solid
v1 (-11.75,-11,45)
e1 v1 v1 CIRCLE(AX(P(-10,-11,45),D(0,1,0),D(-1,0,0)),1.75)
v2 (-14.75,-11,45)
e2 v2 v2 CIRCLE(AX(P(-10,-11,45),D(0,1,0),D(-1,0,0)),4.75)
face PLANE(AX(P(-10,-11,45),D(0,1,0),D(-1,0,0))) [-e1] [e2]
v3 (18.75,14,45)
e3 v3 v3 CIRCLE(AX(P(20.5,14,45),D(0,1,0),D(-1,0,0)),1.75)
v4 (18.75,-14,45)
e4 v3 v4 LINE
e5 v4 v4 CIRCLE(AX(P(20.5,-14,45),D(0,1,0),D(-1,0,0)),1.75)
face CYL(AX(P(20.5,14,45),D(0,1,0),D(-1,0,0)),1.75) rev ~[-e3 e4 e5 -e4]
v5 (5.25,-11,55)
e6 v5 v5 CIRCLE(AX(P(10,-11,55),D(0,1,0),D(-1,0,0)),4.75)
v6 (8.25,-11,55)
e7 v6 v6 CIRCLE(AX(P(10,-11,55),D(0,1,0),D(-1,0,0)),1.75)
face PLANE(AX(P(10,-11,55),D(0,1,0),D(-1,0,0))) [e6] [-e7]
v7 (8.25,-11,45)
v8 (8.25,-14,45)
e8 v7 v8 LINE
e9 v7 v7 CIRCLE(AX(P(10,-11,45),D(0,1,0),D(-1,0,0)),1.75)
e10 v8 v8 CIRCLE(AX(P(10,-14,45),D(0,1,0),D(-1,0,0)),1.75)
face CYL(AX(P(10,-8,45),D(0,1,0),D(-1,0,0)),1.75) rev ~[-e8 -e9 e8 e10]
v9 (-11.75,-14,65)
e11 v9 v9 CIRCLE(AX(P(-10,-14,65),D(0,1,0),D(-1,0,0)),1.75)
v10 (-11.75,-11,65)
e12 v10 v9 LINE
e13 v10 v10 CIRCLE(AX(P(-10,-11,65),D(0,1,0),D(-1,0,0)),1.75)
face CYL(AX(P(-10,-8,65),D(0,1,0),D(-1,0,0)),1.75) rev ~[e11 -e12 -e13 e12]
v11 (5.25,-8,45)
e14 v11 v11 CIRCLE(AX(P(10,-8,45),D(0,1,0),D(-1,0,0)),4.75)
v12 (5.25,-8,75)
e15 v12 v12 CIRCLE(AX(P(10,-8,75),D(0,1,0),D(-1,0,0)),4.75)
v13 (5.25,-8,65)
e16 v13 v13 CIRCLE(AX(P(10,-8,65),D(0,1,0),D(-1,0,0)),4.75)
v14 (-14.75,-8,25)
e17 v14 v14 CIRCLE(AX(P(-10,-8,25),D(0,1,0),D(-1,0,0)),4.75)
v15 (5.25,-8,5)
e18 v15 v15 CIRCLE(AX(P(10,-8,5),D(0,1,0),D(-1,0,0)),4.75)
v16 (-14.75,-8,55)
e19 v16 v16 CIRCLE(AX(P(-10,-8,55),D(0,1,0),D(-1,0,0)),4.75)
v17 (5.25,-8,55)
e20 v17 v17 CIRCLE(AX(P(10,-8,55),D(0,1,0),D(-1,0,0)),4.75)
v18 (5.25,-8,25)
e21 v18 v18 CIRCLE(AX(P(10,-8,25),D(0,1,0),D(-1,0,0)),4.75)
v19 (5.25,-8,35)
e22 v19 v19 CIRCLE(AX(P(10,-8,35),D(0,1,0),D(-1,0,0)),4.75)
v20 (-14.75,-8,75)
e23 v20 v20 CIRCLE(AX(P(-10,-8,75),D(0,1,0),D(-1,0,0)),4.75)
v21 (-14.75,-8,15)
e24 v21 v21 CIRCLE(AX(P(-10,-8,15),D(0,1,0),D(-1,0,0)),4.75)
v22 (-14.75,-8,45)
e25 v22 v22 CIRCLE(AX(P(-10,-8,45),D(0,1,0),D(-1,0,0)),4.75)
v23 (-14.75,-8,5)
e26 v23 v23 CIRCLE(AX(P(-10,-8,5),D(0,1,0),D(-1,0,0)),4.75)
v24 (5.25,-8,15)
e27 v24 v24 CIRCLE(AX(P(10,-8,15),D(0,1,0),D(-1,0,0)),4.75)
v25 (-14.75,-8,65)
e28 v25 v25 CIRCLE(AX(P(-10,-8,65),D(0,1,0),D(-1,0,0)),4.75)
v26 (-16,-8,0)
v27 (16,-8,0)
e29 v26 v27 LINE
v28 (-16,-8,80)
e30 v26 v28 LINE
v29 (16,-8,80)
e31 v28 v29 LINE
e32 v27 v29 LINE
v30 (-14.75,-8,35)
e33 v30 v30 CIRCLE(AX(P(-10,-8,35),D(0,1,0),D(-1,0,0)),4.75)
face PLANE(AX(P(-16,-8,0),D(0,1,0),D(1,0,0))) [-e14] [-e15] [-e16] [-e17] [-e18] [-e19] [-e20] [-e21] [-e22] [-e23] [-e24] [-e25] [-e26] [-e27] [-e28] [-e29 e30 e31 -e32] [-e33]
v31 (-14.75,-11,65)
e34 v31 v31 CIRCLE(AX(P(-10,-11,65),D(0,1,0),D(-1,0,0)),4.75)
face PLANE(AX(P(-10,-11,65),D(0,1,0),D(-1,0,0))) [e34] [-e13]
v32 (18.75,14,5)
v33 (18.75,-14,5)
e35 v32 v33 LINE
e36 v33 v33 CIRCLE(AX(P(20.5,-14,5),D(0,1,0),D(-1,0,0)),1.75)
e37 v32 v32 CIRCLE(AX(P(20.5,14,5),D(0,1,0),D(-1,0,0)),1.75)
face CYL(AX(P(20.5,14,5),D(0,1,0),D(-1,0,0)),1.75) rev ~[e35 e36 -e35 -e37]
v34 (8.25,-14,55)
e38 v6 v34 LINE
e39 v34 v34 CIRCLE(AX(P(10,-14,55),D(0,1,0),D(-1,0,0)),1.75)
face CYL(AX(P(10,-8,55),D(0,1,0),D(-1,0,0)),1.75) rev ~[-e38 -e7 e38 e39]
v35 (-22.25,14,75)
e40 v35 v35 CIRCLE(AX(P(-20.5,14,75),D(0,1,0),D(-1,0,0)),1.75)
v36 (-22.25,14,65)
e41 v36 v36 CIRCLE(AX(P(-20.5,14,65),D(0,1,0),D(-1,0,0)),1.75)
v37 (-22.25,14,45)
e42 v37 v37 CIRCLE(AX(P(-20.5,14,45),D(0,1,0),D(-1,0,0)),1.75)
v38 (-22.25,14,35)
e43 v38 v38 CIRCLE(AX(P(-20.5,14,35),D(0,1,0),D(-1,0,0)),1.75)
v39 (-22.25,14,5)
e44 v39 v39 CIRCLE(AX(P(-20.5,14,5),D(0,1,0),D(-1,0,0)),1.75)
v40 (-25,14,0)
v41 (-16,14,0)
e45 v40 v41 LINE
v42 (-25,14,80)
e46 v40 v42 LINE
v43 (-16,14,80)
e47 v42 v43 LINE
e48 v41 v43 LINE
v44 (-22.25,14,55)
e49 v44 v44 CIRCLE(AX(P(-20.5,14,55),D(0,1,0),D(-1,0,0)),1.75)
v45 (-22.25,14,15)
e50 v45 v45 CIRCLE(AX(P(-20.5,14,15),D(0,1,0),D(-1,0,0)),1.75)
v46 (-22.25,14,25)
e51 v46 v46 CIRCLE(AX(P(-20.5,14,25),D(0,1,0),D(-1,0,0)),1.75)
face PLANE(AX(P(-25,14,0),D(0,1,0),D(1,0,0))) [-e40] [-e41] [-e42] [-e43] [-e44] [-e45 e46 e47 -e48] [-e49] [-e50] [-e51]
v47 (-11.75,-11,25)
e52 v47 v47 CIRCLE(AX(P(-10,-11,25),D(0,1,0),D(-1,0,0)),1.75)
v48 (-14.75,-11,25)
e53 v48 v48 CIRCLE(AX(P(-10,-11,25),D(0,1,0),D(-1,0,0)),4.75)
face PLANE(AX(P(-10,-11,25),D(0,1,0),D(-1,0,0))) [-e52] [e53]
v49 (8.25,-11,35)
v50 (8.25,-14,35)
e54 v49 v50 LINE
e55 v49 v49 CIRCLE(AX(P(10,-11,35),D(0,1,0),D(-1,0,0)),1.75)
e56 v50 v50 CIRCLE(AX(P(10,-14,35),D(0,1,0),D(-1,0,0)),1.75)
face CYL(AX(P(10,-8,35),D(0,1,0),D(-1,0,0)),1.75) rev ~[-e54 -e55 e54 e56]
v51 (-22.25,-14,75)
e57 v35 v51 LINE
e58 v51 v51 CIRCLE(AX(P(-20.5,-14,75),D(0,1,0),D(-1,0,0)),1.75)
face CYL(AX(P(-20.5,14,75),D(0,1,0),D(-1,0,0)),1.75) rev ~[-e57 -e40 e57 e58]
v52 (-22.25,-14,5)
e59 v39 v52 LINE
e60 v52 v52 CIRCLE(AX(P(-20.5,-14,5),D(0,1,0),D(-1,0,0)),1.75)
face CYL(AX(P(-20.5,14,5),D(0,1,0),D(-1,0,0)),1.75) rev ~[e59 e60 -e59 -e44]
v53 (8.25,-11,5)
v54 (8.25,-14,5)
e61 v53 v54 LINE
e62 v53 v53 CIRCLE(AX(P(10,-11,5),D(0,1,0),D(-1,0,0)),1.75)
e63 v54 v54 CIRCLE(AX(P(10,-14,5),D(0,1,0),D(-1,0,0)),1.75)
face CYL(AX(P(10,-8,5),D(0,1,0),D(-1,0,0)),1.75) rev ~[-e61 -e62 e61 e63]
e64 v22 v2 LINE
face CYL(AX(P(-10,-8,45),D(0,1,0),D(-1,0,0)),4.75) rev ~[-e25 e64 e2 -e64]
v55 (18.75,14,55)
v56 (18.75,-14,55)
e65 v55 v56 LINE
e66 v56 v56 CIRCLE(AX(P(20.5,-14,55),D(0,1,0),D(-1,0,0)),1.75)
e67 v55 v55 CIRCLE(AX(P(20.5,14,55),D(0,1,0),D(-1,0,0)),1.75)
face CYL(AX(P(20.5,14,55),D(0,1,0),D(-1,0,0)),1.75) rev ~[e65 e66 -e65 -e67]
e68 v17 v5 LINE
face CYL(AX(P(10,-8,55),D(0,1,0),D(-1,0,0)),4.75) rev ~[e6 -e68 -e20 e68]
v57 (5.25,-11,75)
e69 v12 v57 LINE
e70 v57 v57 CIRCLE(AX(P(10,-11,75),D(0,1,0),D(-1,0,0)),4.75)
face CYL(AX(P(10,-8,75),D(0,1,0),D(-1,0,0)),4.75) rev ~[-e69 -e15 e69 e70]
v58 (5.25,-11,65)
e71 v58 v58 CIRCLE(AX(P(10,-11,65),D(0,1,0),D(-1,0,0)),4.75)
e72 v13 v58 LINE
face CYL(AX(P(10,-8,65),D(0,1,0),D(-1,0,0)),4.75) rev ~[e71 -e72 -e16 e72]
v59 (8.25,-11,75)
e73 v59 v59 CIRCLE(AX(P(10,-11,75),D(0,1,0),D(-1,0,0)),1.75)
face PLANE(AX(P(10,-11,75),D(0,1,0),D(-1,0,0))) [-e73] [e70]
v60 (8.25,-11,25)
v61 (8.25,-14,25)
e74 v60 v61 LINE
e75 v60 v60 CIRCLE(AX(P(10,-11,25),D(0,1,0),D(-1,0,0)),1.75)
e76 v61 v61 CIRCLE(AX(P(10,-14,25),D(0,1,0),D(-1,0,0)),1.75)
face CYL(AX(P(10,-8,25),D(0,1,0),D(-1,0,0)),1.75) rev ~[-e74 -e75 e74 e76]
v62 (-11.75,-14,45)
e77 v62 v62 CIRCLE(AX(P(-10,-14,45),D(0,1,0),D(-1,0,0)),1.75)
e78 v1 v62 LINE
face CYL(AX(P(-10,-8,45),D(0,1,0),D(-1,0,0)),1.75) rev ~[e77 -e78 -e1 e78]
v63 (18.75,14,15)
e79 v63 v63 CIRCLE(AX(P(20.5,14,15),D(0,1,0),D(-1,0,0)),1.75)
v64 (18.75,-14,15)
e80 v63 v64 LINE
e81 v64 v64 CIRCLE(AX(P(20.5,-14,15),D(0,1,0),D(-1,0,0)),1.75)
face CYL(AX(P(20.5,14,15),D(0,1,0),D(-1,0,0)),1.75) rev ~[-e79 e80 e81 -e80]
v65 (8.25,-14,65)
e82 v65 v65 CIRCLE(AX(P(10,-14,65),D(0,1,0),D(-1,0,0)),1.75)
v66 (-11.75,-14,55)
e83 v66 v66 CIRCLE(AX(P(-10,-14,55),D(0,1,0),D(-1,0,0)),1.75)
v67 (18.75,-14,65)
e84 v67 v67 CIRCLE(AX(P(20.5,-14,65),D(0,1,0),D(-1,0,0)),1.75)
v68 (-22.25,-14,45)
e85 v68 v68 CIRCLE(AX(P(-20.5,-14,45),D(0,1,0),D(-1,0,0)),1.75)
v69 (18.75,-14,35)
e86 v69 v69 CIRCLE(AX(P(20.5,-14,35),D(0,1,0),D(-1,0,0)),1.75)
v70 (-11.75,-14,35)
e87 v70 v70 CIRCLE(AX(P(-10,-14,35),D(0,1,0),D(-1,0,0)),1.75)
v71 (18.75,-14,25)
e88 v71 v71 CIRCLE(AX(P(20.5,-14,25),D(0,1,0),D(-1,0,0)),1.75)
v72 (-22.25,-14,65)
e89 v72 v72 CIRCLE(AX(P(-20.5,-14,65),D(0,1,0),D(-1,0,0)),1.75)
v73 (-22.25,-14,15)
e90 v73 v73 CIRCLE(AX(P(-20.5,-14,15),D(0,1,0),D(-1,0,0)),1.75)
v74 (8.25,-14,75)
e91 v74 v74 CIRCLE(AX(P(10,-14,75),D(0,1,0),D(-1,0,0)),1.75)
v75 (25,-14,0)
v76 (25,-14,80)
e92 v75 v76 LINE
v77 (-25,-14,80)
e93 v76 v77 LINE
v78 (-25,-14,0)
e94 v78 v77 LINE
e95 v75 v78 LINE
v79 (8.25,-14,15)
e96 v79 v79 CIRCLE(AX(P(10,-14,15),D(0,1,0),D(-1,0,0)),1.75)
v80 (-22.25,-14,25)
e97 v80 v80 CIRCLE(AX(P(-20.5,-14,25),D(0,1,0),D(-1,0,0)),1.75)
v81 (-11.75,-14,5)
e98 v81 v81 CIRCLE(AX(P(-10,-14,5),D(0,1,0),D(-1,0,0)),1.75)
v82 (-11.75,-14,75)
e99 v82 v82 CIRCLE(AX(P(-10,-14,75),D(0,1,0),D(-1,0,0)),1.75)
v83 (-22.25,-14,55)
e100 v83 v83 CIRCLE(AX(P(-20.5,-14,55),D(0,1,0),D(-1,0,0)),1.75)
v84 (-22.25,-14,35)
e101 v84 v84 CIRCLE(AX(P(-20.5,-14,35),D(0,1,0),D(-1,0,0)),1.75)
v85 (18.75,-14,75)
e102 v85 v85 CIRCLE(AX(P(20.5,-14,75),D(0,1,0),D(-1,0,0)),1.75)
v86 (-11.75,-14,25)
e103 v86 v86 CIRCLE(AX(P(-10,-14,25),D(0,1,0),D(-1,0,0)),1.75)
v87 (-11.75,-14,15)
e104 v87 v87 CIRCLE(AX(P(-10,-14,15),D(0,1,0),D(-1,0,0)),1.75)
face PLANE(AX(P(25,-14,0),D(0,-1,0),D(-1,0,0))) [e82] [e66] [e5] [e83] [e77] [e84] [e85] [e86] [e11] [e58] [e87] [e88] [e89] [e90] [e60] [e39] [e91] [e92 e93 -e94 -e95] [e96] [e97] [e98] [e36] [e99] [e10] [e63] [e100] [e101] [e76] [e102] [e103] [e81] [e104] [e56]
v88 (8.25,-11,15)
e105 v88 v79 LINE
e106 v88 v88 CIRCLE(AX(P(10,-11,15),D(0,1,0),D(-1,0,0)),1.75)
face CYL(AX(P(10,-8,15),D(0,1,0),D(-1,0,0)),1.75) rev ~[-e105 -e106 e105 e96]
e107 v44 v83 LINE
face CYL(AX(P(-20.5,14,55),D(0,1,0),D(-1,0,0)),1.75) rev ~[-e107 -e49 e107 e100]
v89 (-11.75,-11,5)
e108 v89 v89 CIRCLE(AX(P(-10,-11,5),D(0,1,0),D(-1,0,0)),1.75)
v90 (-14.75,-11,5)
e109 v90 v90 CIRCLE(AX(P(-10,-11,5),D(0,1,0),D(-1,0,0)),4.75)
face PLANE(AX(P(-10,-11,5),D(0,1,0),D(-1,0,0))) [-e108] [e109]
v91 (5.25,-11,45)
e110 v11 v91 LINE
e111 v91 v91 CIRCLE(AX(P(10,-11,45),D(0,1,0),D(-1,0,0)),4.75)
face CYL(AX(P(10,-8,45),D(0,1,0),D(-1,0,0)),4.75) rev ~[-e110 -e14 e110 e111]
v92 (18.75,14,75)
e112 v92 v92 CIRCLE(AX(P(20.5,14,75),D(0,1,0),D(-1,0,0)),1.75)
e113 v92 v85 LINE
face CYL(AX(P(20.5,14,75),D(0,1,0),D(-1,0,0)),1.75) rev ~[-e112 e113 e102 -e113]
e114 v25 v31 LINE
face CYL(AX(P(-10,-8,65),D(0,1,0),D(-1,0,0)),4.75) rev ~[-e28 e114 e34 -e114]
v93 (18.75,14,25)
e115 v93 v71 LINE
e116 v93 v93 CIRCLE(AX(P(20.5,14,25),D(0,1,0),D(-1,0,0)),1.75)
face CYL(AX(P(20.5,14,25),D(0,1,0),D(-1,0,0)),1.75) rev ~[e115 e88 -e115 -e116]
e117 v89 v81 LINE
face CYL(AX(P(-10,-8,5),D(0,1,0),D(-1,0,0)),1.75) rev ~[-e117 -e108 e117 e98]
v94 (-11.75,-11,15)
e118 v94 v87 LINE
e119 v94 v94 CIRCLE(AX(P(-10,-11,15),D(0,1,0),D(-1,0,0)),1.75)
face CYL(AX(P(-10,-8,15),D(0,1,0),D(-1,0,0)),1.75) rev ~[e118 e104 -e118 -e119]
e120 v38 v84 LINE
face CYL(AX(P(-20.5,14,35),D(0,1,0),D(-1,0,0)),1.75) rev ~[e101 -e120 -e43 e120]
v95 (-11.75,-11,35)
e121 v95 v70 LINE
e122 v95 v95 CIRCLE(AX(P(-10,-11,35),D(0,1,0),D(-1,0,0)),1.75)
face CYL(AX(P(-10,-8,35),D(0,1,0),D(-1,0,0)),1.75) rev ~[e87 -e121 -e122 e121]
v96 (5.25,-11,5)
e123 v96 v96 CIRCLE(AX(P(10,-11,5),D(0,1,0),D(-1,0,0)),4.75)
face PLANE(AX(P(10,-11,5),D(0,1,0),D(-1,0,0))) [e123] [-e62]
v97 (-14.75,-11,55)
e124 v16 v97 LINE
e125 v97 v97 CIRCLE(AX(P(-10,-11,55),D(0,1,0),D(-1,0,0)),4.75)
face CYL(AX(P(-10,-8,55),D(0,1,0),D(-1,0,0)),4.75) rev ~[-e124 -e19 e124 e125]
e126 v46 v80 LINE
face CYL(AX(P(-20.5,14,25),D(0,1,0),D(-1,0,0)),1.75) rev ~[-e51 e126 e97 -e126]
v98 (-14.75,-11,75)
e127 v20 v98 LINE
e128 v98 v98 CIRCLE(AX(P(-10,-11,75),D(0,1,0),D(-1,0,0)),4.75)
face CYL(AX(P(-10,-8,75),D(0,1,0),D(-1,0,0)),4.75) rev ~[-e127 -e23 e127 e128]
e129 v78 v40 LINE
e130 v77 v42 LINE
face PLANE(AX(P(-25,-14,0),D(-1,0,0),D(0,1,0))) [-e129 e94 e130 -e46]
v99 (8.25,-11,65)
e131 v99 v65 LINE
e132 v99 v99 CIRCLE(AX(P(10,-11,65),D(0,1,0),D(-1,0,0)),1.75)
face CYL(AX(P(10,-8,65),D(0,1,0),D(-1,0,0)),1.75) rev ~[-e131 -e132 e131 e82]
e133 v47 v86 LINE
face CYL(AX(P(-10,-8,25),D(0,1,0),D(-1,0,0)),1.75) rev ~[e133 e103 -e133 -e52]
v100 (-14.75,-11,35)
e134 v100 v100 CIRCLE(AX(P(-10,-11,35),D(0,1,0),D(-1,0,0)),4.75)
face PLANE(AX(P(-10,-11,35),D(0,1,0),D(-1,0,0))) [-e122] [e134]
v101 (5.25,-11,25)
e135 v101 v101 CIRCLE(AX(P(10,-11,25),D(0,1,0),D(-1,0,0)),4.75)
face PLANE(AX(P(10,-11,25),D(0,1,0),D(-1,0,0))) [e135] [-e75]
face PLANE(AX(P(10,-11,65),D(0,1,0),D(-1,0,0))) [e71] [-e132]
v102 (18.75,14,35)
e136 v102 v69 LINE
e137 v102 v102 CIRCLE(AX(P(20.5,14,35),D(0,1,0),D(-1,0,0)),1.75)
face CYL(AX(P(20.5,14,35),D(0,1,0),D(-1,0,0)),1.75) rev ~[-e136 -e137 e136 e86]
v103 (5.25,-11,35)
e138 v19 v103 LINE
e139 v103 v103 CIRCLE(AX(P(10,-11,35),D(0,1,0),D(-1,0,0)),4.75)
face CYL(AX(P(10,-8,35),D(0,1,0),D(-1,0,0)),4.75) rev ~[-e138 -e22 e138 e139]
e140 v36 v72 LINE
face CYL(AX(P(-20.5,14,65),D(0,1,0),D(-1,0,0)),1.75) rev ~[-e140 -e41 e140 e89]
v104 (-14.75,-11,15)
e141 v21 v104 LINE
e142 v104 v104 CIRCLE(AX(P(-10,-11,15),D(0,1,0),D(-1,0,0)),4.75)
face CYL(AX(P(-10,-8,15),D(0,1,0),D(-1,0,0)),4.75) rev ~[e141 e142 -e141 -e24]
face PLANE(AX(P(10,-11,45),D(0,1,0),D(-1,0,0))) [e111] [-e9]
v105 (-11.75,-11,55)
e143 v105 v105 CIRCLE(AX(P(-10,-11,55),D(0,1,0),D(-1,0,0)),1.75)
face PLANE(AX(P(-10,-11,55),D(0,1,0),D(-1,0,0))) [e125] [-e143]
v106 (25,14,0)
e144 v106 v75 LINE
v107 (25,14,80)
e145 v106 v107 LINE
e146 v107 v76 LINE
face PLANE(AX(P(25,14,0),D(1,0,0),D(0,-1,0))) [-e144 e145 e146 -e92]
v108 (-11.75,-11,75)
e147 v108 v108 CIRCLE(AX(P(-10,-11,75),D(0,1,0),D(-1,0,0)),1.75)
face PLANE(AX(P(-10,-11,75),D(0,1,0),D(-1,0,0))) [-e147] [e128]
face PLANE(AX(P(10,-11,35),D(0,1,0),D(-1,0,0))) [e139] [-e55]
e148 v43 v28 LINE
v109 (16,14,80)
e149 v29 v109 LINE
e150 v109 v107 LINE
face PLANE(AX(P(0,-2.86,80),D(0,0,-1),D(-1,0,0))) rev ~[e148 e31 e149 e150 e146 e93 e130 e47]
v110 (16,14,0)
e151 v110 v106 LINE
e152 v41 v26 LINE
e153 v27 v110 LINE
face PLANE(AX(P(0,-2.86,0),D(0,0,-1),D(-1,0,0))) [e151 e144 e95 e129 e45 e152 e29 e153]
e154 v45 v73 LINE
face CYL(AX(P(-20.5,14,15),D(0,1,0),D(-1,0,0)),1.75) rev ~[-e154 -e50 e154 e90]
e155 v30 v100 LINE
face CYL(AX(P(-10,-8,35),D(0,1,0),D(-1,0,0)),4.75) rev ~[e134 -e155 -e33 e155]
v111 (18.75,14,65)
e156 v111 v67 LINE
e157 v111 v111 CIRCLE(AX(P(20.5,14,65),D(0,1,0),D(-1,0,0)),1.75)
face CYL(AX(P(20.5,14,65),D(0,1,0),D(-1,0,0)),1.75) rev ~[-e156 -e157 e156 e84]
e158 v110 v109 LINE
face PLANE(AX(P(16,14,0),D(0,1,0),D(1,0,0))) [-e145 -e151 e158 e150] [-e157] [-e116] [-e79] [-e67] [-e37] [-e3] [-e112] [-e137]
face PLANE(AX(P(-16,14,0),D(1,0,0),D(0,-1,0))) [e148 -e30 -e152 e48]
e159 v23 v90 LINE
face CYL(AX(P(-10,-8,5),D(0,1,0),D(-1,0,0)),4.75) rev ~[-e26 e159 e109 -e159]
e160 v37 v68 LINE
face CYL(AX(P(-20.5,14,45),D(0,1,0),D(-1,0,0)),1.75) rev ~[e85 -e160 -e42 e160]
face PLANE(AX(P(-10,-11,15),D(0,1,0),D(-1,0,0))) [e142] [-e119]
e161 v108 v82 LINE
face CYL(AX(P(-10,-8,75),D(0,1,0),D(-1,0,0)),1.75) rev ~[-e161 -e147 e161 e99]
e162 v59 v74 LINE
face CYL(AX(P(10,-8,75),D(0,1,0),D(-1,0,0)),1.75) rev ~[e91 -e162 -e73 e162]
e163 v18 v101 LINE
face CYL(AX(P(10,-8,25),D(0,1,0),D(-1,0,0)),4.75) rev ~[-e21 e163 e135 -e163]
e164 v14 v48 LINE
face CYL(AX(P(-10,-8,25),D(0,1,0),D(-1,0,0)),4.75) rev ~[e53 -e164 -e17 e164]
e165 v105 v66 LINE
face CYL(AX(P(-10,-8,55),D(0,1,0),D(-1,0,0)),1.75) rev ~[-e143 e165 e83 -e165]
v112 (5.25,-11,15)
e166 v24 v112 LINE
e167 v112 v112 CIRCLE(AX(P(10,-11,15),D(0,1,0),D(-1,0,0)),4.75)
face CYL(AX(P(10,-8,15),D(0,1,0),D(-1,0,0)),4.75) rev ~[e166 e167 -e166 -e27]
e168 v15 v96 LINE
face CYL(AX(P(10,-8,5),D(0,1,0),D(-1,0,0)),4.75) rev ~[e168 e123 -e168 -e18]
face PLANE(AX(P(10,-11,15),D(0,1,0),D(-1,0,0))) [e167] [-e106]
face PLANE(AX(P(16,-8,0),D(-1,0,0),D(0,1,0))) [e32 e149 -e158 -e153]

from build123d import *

# Parameters (mm, degrees)
BOSS_EXTRUDE1_DEPTH = 80
SKETCH2_R           = 1.75
CUT_EXTRUDE1_DEPTH  = 87.654486324
SKETCH3_R           = 4.75
CUT_EXTRUDE2_DEPTH  = 3
SKETCH4_R           = 1.75
CUT_EXTRUDE3_DEPTH  = 89.36854644
LPATTERN1_COUNT     = 8
LPATTERN1_PITCH     = 10


with BuildPart() as part:
    # Sketch1 → Boss-Extrude1 (new body)
    with BuildSketch(Plane.XY):
        Polygon((16, 14), (25, 14), (25, -14), (-25, -14), (-25, 14), (-16, 14), (-16, -8), (16, -8), align=None)
    extrude(amount=BOSS_EXTRUDE1_DEPTH)

    # Sketch2 → Cut-Extrude1 (cut, through all)
    with BuildSketch(Plane(origin=(0, -8, 0), x_dir=(1, 0, 0), z_dir=(0, 1, 0))):
        with Locations(Location((-10, -5, 0), (0, 0, 180))):
            Circle(SKETCH2_R)
        with Locations(Location((10, -5, 0), (0, 0, 180))):
            Circle(SKETCH2_R)
    cut_extrude1 = extrude(amount=-CUT_EXTRUDE1_DEPTH, mode=Mode.SUBTRACT)

    # Sketch3 → Cut-Extrude2 (cut)
    with BuildSketch(Plane(origin=(0, -8, 0), x_dir=(1, 0, 0), z_dir=(0, 1, 0))):
        with Locations(Location((-10, -5, 0), (0, 0, 180))):
            Circle(SKETCH3_R)
        with Locations(Location((10, -5, 0), (0, 0, 180))):
            Circle(SKETCH3_R)
    cut_extrude2 = extrude(amount=-CUT_EXTRUDE2_DEPTH, mode=Mode.SUBTRACT)

    # Sketch4 → Cut-Extrude3 (cut, through all)
    with BuildSketch(Plane(origin=(0, 14, 0), x_dir=(1, 0, 0), z_dir=(0, 1, 0))):
        with Locations(Location((-20.5, -5, 0), (0, 0, 180))):
            Circle(SKETCH4_R)
        with Locations(Location((20.5, -5, 0), (0, 0, 180))):
            Circle(SKETCH4_R)
    cut_extrude3 = extrude(amount=-CUT_EXTRUDE3_DEPTH, mode=Mode.SUBTRACT)

    # LPattern1: Cut-Extrude1, Cut-Extrude2, Cut-Extrude3 ×8
    with Locations(*[(0, 0, i * LPATTERN1_PITCH) for i in range(1, LPATTERN1_COUNT)]):
        add(cut_extrude1, mode=Mode.SUBTRACT)
        add(cut_extrude2, mode=Mode.SUBTRACT)
        add(cut_extrude3, mode=Mode.SUBTRACT)


solid = part.part
